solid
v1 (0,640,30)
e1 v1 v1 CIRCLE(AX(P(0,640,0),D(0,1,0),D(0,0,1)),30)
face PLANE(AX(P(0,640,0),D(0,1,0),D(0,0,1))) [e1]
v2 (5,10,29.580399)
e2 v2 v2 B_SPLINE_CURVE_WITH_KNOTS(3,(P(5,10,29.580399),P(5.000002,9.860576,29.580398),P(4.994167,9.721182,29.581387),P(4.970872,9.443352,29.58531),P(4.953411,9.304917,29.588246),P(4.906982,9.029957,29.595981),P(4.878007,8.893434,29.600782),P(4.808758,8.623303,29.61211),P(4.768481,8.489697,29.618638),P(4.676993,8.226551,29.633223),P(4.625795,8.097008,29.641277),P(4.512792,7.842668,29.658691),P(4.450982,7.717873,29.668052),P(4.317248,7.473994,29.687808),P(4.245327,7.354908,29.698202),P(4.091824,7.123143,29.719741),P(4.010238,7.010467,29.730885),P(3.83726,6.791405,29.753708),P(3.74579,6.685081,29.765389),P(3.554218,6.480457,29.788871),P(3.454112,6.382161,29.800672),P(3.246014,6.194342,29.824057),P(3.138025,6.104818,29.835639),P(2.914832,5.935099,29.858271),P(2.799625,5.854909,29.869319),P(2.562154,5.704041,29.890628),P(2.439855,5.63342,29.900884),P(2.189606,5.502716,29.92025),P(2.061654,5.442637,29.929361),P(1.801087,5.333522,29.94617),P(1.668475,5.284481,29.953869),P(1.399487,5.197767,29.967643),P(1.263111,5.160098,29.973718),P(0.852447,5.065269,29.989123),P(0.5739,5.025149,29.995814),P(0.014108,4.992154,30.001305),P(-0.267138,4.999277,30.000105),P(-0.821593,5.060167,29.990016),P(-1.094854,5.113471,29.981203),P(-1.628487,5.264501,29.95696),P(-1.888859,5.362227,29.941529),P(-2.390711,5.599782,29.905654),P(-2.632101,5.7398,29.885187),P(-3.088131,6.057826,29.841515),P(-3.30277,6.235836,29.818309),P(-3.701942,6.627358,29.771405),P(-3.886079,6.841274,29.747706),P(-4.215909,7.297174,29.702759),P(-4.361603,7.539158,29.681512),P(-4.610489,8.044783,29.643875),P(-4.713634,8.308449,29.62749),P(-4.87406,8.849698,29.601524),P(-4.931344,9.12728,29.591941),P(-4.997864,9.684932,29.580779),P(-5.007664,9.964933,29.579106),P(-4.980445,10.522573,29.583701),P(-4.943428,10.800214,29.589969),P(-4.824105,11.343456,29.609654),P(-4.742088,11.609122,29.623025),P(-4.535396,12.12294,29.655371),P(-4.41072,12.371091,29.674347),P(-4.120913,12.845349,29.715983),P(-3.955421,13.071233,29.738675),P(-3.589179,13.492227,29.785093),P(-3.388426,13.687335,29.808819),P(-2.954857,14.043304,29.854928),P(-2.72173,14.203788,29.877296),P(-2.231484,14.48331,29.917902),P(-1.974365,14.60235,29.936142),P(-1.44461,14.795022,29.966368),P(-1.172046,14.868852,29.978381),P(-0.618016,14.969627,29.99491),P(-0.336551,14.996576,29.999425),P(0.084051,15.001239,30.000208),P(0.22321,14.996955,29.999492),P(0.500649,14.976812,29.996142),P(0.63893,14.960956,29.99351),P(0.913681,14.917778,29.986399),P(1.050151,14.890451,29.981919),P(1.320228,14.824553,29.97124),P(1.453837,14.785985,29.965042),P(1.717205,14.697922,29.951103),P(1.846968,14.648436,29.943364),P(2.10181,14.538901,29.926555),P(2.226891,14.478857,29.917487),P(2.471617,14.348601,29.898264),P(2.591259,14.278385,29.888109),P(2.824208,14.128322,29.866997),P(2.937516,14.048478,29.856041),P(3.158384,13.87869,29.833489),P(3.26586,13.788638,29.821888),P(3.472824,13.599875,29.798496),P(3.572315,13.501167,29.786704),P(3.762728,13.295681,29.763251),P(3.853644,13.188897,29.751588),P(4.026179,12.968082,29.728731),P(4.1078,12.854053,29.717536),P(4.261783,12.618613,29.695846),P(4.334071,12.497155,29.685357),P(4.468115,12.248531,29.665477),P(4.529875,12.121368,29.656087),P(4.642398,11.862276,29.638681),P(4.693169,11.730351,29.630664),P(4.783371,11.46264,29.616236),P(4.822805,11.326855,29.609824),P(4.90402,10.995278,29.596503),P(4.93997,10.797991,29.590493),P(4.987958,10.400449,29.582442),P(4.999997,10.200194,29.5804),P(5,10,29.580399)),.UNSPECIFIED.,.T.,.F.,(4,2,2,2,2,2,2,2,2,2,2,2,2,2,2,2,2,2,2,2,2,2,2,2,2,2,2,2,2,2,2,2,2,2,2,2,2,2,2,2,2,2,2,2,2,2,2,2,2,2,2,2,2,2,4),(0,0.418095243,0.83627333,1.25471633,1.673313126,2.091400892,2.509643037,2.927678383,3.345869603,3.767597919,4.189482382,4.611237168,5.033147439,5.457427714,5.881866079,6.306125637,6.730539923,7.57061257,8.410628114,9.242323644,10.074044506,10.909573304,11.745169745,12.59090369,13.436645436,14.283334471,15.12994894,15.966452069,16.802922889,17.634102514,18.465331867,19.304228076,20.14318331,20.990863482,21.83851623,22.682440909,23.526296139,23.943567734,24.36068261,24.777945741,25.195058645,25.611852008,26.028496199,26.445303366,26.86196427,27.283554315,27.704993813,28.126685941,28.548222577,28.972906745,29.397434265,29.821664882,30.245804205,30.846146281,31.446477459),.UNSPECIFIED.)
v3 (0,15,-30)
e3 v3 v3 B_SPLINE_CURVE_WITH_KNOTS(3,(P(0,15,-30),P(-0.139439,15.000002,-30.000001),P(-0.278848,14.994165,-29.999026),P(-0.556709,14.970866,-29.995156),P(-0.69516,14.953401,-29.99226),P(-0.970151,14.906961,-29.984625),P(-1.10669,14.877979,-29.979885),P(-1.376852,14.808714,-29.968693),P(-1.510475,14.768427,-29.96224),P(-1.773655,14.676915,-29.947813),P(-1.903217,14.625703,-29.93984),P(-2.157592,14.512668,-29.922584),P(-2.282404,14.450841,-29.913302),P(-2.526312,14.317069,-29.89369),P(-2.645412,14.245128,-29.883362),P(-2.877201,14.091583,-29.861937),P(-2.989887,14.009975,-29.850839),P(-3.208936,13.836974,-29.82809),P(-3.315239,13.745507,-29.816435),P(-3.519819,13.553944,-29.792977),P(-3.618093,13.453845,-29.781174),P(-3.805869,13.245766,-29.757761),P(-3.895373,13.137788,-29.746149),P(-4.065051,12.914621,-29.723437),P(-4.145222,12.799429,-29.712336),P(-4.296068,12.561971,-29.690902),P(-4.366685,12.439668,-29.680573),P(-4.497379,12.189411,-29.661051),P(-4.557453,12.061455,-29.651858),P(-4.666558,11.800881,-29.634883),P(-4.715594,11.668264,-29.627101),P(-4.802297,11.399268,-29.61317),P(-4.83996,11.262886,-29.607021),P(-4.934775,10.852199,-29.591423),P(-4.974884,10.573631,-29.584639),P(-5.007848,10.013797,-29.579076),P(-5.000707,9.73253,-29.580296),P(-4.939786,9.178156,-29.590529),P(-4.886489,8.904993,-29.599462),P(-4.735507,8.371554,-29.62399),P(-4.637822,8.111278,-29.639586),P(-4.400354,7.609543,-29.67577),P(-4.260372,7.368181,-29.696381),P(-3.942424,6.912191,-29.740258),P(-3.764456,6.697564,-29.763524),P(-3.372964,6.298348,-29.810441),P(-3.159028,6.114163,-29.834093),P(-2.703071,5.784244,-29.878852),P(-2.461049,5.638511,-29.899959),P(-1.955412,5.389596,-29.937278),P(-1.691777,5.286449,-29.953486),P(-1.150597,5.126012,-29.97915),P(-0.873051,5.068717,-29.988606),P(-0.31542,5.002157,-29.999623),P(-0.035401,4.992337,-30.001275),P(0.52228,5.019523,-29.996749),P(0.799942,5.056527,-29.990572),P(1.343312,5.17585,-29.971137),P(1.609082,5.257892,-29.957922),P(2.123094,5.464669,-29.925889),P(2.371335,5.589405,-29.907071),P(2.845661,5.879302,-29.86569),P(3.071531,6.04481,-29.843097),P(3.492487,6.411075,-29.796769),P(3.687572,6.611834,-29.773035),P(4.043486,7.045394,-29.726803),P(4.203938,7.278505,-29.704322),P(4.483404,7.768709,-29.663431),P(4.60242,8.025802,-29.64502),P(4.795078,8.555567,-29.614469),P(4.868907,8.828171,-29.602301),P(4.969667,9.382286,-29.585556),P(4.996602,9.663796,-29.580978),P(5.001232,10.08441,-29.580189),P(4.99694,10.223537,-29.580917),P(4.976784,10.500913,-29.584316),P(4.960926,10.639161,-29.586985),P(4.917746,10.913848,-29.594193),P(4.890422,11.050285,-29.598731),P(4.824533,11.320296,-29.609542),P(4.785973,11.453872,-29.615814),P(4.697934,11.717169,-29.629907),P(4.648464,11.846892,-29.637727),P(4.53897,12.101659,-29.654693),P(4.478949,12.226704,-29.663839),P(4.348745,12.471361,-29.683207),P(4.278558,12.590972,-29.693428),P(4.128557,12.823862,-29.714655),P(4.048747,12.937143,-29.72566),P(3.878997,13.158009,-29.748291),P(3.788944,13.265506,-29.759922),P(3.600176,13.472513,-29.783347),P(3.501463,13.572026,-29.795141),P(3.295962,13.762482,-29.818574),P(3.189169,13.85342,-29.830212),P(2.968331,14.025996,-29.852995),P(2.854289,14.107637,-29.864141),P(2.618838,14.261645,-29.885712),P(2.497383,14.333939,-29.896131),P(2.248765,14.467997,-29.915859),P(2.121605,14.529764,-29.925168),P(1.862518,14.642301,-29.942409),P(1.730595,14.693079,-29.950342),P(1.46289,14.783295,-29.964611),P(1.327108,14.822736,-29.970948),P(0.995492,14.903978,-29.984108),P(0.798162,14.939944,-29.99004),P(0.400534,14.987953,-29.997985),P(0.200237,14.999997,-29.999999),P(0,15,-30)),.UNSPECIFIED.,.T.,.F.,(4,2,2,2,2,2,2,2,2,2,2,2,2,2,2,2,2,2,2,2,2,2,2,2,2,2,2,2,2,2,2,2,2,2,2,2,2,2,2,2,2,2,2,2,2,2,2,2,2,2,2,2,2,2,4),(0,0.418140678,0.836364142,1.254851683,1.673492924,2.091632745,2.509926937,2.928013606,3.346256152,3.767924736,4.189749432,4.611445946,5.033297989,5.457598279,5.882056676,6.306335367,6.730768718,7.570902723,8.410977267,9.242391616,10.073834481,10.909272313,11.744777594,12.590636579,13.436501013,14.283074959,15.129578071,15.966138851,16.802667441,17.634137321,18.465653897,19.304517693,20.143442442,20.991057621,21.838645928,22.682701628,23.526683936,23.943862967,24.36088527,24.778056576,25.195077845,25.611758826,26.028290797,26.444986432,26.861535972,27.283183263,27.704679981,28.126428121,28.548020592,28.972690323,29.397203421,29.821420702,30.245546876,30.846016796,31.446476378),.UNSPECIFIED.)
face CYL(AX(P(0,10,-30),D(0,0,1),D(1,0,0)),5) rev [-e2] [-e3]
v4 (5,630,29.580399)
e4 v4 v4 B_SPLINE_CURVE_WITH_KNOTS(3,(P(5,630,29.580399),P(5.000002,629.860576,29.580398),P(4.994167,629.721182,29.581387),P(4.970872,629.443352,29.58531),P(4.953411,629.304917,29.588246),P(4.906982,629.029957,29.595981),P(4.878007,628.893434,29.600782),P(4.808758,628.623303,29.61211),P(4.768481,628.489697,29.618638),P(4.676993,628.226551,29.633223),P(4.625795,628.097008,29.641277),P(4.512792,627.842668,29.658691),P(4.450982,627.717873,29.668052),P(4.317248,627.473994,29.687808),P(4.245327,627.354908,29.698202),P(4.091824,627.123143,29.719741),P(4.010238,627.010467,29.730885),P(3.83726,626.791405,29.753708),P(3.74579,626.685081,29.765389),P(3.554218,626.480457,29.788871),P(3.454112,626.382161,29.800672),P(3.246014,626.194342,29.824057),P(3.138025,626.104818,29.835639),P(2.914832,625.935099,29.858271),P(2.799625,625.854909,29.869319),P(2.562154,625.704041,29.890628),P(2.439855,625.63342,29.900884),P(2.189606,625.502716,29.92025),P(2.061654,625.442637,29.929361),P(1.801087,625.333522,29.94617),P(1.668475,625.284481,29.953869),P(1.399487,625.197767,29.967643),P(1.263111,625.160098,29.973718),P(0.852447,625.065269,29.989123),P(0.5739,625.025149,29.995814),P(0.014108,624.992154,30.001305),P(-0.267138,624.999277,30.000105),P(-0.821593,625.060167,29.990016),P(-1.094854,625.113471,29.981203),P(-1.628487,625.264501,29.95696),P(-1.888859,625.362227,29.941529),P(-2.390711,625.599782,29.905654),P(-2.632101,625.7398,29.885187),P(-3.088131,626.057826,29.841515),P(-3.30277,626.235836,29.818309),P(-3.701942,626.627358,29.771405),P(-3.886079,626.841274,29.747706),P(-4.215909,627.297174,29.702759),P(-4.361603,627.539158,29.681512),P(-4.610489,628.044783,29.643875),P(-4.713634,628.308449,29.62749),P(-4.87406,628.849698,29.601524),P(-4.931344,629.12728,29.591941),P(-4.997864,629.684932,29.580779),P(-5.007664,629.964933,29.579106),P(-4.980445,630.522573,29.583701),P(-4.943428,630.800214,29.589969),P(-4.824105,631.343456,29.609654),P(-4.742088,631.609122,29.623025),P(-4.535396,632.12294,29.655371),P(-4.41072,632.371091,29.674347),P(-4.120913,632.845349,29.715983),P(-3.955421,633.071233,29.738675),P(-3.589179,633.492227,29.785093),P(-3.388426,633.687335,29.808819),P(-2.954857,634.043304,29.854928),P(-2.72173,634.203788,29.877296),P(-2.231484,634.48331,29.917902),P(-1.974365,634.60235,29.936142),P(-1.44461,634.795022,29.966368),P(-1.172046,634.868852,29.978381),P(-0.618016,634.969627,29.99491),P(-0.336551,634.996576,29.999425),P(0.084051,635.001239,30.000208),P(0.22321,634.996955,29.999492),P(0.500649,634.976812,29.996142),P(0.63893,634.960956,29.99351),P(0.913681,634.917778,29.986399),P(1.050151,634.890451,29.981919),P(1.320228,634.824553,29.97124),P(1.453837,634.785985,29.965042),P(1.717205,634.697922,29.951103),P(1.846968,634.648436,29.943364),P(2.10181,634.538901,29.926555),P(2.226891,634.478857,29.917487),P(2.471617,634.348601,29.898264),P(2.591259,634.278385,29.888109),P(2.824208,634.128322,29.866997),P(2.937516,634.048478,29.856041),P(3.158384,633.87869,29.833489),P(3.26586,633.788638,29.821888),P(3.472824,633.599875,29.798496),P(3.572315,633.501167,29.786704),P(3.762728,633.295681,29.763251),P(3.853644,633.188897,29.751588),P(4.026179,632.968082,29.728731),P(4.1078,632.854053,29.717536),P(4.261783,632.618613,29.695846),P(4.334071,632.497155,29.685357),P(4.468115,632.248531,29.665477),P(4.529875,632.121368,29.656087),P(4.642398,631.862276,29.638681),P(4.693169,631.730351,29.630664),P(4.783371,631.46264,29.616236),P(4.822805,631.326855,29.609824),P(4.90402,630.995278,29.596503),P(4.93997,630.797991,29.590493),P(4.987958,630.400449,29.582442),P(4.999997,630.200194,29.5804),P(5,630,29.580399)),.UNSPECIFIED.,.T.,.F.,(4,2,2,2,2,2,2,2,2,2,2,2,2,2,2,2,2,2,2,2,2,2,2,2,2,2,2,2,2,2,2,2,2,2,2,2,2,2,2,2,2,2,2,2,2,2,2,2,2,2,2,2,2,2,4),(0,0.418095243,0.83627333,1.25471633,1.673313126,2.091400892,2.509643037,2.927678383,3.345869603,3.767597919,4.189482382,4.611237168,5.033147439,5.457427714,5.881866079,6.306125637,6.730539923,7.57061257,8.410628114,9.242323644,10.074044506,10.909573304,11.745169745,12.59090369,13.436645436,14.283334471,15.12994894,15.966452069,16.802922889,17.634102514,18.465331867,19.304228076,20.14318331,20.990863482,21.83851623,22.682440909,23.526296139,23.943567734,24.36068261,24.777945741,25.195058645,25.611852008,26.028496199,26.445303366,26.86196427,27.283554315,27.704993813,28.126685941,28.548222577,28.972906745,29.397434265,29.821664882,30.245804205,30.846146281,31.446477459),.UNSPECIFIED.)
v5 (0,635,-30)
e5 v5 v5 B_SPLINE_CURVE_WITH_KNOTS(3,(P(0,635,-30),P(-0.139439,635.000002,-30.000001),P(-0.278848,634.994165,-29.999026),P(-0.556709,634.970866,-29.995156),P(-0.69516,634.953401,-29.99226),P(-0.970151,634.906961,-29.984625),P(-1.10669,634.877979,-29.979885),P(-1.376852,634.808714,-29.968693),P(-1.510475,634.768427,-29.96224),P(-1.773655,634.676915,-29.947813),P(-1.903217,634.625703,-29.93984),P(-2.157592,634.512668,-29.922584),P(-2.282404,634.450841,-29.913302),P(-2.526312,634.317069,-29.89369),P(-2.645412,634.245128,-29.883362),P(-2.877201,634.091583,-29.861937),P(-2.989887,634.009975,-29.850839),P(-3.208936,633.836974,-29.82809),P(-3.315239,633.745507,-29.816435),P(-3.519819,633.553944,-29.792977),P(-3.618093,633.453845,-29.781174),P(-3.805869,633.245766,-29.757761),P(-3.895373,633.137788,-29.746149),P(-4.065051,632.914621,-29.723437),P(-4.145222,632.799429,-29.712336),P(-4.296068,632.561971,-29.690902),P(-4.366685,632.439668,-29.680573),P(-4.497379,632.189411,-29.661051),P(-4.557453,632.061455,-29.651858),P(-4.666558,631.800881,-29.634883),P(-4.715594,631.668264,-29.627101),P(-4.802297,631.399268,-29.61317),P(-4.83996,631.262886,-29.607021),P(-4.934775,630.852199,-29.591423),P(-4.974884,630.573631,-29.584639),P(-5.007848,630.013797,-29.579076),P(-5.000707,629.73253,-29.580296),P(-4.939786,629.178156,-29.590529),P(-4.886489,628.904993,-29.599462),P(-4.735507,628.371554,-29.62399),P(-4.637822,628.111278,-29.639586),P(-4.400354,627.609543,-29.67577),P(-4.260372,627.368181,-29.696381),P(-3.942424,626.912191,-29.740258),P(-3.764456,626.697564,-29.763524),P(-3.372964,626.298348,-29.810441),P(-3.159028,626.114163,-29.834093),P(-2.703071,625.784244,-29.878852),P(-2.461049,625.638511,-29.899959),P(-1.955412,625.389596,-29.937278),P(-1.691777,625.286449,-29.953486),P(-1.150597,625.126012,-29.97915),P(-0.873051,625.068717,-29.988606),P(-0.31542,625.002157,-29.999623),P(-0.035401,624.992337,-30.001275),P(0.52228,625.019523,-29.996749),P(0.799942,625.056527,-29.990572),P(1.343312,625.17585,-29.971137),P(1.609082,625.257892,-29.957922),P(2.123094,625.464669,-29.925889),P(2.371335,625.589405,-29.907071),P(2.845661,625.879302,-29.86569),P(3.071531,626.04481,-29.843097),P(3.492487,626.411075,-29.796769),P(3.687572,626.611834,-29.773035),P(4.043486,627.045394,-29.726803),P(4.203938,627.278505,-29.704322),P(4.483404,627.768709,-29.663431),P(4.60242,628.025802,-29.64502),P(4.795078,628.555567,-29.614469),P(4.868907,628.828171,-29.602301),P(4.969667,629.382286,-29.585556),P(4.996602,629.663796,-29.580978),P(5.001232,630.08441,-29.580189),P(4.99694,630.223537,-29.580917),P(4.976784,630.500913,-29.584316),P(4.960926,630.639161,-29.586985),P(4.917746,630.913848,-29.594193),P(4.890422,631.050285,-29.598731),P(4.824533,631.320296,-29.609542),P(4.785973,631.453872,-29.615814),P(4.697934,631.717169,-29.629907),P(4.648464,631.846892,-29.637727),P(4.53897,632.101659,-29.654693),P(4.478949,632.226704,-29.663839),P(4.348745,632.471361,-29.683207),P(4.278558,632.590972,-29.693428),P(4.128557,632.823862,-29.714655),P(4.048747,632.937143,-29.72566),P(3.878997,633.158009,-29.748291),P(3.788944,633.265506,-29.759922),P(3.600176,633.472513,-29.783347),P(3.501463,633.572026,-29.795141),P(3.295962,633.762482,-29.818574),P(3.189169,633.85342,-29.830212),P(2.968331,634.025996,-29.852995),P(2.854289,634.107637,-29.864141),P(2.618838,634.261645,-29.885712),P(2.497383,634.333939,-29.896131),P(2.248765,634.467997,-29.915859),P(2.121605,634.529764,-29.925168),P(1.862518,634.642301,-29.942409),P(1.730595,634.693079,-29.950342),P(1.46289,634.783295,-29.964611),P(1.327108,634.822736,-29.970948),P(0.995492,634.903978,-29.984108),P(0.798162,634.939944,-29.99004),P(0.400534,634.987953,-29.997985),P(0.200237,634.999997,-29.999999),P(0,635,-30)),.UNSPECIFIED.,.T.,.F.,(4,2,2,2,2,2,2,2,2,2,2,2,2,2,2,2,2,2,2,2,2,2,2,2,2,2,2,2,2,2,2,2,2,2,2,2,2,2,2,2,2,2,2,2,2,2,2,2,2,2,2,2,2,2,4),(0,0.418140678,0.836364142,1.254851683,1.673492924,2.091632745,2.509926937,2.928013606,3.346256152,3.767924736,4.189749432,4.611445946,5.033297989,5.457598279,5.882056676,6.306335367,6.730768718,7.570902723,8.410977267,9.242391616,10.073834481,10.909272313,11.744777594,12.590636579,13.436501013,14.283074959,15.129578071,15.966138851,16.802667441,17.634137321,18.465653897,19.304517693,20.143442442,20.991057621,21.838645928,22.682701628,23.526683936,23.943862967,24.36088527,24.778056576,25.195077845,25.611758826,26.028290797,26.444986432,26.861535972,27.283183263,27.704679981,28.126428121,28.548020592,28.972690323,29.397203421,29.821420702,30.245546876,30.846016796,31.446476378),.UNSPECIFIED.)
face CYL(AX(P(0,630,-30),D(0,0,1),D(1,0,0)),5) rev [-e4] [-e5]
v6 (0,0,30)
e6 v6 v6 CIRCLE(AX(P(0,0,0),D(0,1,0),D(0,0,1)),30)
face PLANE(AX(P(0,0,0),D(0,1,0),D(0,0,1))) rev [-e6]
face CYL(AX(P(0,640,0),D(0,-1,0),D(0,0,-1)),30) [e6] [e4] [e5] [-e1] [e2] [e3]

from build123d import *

# Parameters (mm, degrees)
SKETCH1_R               = 30
BOSS_EXTRUDE1_DEPTH     = 640
CUT_EXTRUDE1_DEPTH      = 642.404708433
CUT_EXTRUDE1_DEPTH_BACK = 642.404708433
SKETCH2_R               = 5


with BuildPart() as part:
    # Sketch1 → Boss-Extrude1 (new body)
    with BuildSketch(Plane(origin=(0, 0, 0), x_dir=(1, 0, 0), z_dir=(0, 1, 0))):
        with Locations(Location((0, 0, 0), (0, 0, 270))):
            Circle(SKETCH1_R)
    extrude(amount=BOSS_EXTRUDE1_DEPTH)

    # Sketch2 → Cut-Extrude1 (cut, two sides: drawn at the far end of the back side and taken through both)
    with BuildSketch(Plane.XY.offset(-CUT_EXTRUDE1_DEPTH_BACK)):
        with Locations((0, 630)):
            Circle(SKETCH2_R)
        with Locations((0, 10)):
            Circle(SKETCH2_R)
    extrude(amount=CUT_EXTRUDE1_DEPTH + CUT_EXTRUDE1_DEPTH_BACK, mode=Mode.SUBTRACT)


solid = part.part
